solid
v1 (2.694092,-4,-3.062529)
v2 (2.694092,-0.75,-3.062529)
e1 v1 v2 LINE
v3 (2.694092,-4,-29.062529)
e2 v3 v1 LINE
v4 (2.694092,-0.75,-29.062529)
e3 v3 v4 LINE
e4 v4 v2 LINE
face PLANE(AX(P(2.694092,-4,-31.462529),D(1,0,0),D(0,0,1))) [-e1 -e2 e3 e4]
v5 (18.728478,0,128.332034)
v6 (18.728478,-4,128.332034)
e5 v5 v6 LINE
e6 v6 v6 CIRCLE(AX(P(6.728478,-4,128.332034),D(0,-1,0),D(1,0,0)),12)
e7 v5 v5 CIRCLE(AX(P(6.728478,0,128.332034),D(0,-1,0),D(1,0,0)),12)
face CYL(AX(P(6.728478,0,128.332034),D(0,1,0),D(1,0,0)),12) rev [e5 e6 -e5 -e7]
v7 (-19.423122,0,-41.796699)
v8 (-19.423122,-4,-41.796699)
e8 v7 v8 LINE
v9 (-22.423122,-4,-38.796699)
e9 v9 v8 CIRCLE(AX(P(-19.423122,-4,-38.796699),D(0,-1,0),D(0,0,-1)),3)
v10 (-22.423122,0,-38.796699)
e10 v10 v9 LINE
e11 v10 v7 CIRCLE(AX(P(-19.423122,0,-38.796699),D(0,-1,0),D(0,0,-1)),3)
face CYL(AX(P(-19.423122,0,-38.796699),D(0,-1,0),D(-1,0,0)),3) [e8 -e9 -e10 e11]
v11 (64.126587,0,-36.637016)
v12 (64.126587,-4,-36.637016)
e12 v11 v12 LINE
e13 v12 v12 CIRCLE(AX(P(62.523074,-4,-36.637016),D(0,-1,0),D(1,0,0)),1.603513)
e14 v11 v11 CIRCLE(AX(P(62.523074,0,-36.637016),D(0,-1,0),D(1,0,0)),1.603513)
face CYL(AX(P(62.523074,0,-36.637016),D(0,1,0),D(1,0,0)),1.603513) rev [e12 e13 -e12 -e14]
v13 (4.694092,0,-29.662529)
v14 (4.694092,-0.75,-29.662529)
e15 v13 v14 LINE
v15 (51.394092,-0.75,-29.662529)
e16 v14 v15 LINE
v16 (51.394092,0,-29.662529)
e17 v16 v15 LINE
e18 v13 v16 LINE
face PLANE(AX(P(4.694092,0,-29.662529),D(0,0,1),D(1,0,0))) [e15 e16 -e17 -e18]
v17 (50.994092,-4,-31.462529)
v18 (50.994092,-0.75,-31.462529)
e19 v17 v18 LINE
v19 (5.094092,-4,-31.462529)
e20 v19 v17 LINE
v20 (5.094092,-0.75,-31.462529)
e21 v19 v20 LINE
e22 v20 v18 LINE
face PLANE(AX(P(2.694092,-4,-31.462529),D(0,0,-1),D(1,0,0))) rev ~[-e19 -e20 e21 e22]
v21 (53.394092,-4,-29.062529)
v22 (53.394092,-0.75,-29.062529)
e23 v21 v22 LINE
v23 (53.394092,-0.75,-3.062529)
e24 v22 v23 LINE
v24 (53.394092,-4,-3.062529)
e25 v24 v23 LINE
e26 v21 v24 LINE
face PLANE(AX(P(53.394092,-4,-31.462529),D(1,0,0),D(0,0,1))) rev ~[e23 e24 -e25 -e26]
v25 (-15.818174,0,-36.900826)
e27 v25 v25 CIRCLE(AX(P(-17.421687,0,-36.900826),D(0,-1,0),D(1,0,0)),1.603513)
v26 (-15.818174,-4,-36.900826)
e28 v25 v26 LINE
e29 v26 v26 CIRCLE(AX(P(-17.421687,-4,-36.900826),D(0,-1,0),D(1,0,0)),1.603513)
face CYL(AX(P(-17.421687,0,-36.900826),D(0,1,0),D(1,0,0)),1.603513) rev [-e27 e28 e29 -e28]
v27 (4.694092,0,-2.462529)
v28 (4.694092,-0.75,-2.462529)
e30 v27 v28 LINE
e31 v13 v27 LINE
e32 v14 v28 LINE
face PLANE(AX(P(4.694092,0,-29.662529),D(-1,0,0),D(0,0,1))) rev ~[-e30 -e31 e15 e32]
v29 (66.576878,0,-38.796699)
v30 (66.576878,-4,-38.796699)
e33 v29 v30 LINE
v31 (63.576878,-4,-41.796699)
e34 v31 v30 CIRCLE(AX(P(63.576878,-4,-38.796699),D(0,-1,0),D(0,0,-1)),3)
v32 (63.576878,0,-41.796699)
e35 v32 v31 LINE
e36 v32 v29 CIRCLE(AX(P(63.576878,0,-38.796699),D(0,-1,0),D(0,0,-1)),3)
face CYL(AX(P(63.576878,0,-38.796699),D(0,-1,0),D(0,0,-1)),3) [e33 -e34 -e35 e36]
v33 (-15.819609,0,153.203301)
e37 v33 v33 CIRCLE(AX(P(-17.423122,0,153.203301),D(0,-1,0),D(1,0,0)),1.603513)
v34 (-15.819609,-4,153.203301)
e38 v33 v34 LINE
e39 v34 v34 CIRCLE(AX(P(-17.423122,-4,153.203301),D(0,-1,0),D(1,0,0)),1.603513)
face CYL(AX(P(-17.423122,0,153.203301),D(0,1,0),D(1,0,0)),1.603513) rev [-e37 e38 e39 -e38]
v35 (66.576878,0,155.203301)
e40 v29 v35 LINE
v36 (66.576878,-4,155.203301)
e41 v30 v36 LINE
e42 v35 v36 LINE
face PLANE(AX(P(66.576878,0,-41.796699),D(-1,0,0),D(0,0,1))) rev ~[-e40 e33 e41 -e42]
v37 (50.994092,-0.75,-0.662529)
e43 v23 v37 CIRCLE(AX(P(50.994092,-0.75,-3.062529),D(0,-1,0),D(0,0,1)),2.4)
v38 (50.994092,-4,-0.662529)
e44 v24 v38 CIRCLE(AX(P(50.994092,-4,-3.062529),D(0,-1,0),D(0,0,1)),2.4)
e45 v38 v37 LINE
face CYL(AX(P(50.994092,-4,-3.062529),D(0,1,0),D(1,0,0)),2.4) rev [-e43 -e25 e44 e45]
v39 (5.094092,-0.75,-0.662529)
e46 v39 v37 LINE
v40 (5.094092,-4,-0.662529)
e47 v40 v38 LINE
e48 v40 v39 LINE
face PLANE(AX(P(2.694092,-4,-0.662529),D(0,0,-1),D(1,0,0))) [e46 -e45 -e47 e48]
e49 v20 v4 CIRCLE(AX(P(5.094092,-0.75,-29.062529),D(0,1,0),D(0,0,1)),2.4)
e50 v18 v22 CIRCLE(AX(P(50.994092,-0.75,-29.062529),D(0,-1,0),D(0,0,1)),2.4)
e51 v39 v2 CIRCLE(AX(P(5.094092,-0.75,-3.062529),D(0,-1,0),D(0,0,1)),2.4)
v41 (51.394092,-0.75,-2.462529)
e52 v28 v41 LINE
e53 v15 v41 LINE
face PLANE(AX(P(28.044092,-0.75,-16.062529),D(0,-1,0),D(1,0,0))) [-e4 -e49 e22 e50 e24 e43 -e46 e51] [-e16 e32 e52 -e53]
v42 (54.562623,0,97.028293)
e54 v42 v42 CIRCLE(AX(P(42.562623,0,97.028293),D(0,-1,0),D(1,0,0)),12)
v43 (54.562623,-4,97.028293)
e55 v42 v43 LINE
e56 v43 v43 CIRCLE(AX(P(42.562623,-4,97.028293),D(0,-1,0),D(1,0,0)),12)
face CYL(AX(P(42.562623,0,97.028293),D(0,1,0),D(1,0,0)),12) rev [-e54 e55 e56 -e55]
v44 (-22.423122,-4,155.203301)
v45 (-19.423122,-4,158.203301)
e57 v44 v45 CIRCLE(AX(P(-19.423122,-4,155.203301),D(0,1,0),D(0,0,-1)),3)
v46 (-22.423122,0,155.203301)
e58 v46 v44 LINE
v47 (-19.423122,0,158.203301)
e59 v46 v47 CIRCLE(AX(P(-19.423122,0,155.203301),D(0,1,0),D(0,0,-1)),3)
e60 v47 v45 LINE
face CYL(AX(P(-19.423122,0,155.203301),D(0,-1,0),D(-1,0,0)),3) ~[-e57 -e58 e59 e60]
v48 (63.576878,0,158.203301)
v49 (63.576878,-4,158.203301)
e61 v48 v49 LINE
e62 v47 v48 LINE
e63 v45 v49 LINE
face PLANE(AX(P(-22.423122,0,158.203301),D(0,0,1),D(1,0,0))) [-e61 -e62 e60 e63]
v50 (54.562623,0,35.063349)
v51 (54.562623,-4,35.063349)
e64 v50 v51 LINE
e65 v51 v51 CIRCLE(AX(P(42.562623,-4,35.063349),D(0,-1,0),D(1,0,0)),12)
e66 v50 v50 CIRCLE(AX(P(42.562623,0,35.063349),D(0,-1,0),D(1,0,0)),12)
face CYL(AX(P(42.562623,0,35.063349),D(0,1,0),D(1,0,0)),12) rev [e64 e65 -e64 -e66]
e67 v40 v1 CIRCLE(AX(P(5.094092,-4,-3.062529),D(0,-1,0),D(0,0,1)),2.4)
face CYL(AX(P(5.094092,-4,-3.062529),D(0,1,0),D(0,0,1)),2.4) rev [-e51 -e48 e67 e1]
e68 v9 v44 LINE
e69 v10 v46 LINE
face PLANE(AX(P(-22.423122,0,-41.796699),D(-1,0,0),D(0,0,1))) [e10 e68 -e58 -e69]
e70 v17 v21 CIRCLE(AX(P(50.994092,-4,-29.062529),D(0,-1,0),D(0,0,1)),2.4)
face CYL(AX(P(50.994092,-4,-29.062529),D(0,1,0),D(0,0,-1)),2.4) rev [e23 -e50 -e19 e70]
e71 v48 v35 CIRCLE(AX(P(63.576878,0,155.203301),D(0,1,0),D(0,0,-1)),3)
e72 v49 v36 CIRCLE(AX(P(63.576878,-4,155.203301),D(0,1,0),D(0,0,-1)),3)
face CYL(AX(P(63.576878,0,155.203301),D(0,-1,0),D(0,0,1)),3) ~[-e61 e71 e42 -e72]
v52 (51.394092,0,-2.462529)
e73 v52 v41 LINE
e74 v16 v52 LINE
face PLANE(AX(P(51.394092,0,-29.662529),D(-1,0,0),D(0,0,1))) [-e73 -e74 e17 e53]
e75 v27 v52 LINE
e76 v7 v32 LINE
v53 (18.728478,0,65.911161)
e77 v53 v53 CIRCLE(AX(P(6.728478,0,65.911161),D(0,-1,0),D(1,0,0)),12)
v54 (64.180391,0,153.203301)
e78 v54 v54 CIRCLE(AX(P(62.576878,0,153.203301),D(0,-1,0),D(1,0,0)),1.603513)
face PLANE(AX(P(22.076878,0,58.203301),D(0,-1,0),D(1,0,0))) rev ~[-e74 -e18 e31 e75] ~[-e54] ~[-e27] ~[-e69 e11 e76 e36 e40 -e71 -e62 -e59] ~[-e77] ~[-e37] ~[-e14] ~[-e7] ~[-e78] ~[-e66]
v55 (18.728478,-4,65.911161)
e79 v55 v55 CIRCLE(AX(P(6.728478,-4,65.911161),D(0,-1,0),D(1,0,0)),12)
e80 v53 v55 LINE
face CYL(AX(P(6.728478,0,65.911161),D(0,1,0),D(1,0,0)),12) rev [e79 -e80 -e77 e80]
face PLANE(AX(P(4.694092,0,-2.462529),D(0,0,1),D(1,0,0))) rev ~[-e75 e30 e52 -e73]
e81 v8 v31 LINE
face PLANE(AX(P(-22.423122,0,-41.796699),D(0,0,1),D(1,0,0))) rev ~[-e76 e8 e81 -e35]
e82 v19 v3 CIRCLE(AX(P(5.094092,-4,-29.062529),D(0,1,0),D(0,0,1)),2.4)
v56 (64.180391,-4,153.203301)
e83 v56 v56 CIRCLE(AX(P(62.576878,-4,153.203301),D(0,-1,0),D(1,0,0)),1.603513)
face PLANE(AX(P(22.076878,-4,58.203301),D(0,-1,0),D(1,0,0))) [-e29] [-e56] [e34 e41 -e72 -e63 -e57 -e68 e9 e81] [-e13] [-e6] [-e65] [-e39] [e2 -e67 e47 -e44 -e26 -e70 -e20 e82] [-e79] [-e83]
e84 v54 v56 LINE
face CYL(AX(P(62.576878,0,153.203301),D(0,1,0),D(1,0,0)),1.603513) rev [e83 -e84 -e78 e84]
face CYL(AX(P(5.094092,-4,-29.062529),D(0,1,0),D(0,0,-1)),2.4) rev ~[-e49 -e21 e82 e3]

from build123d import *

# Parameters (mm, degrees)
F0_W     = 89
F0_H     = 200
F0_R     = 1.603513
F0_W_2   = 46.7
F0_H_2   = 27.2
F0_R_2   = 12
F1_DEPTH = 4
F2_R     = 3
F3_W     = 50.7
F3_H     = 30.8
F4_DEPTH = 3.25
F5_R     = 2.4


with BuildPart() as f1:
    # F0 (on Front) → F1 (new body)
    with BuildSketch(Plane.XZ):
        with Locations((22.076878, 58.203301)):
            Rectangle(F0_W, F0_H)
        with Locations((-17.421687, -36.900826)):
            Circle(F0_R, mode=Mode.SUBTRACT)
        with Locations((28.044092, -16.062529)):
            Rectangle(F0_W_2, F0_H_2, mode=Mode.SUBTRACT)
        with Locations((62.523074, -36.637016)):
            Circle(F0_R, mode=Mode.SUBTRACT)
        with Locations((42.562623, 35.063349)):
            Circle(F0_R_2, mode=Mode.SUBTRACT)
        with Locations((6.728478, 65.911161)):
            Circle(F0_R_2, mode=Mode.SUBTRACT)
        with Locations((-17.423122, 153.203301)):
            Circle(F0_R, mode=Mode.SUBTRACT)
        with Locations((6.728478, 128.332034)):
            Circle(F0_R_2, mode=Mode.SUBTRACT)
        with Locations((42.562623, 97.028293)):
            Circle(F0_R_2, mode=Mode.SUBTRACT)
        with Locations((62.576878, 153.203301)):
            Circle(F0_R, mode=Mode.SUBTRACT)
    extrude(amount=F1_DEPTH)

    # F2
    f2_edges = [f1.edges().sort_by_distance(p)[0] for p in [
        (-22.423122, -2, 158.203301),
        (66.576878, -2, 158.203301),
        (66.576878, -2, -41.796699),
        (-22.423122, -2, -41.796699),
    ]]
    fillet(f2_edges, radius=F2_R)

    # F3 (on face) → F4 (cut)
    with BuildSketch(Plane.XZ.offset(4)):
        with Locations((28.044092, -16.062529)):
            Rectangle(F3_W, F3_H)
    extrude(amount=-F4_DEPTH, mode=Mode.SUBTRACT)

    # F5
    f5_edges = [f1.edges().sort_by_distance(p)[0] for p in [
        (2.694092, -2.375, -0.662529),
        (53.394092, -2.375, -31.462529),
        (2.694092, -2.375, -31.462529),
        (53.394092, -2.375, -0.662529),
    ]]
    fillet(f5_edges, radius=F5_R)


solid = f1.part
